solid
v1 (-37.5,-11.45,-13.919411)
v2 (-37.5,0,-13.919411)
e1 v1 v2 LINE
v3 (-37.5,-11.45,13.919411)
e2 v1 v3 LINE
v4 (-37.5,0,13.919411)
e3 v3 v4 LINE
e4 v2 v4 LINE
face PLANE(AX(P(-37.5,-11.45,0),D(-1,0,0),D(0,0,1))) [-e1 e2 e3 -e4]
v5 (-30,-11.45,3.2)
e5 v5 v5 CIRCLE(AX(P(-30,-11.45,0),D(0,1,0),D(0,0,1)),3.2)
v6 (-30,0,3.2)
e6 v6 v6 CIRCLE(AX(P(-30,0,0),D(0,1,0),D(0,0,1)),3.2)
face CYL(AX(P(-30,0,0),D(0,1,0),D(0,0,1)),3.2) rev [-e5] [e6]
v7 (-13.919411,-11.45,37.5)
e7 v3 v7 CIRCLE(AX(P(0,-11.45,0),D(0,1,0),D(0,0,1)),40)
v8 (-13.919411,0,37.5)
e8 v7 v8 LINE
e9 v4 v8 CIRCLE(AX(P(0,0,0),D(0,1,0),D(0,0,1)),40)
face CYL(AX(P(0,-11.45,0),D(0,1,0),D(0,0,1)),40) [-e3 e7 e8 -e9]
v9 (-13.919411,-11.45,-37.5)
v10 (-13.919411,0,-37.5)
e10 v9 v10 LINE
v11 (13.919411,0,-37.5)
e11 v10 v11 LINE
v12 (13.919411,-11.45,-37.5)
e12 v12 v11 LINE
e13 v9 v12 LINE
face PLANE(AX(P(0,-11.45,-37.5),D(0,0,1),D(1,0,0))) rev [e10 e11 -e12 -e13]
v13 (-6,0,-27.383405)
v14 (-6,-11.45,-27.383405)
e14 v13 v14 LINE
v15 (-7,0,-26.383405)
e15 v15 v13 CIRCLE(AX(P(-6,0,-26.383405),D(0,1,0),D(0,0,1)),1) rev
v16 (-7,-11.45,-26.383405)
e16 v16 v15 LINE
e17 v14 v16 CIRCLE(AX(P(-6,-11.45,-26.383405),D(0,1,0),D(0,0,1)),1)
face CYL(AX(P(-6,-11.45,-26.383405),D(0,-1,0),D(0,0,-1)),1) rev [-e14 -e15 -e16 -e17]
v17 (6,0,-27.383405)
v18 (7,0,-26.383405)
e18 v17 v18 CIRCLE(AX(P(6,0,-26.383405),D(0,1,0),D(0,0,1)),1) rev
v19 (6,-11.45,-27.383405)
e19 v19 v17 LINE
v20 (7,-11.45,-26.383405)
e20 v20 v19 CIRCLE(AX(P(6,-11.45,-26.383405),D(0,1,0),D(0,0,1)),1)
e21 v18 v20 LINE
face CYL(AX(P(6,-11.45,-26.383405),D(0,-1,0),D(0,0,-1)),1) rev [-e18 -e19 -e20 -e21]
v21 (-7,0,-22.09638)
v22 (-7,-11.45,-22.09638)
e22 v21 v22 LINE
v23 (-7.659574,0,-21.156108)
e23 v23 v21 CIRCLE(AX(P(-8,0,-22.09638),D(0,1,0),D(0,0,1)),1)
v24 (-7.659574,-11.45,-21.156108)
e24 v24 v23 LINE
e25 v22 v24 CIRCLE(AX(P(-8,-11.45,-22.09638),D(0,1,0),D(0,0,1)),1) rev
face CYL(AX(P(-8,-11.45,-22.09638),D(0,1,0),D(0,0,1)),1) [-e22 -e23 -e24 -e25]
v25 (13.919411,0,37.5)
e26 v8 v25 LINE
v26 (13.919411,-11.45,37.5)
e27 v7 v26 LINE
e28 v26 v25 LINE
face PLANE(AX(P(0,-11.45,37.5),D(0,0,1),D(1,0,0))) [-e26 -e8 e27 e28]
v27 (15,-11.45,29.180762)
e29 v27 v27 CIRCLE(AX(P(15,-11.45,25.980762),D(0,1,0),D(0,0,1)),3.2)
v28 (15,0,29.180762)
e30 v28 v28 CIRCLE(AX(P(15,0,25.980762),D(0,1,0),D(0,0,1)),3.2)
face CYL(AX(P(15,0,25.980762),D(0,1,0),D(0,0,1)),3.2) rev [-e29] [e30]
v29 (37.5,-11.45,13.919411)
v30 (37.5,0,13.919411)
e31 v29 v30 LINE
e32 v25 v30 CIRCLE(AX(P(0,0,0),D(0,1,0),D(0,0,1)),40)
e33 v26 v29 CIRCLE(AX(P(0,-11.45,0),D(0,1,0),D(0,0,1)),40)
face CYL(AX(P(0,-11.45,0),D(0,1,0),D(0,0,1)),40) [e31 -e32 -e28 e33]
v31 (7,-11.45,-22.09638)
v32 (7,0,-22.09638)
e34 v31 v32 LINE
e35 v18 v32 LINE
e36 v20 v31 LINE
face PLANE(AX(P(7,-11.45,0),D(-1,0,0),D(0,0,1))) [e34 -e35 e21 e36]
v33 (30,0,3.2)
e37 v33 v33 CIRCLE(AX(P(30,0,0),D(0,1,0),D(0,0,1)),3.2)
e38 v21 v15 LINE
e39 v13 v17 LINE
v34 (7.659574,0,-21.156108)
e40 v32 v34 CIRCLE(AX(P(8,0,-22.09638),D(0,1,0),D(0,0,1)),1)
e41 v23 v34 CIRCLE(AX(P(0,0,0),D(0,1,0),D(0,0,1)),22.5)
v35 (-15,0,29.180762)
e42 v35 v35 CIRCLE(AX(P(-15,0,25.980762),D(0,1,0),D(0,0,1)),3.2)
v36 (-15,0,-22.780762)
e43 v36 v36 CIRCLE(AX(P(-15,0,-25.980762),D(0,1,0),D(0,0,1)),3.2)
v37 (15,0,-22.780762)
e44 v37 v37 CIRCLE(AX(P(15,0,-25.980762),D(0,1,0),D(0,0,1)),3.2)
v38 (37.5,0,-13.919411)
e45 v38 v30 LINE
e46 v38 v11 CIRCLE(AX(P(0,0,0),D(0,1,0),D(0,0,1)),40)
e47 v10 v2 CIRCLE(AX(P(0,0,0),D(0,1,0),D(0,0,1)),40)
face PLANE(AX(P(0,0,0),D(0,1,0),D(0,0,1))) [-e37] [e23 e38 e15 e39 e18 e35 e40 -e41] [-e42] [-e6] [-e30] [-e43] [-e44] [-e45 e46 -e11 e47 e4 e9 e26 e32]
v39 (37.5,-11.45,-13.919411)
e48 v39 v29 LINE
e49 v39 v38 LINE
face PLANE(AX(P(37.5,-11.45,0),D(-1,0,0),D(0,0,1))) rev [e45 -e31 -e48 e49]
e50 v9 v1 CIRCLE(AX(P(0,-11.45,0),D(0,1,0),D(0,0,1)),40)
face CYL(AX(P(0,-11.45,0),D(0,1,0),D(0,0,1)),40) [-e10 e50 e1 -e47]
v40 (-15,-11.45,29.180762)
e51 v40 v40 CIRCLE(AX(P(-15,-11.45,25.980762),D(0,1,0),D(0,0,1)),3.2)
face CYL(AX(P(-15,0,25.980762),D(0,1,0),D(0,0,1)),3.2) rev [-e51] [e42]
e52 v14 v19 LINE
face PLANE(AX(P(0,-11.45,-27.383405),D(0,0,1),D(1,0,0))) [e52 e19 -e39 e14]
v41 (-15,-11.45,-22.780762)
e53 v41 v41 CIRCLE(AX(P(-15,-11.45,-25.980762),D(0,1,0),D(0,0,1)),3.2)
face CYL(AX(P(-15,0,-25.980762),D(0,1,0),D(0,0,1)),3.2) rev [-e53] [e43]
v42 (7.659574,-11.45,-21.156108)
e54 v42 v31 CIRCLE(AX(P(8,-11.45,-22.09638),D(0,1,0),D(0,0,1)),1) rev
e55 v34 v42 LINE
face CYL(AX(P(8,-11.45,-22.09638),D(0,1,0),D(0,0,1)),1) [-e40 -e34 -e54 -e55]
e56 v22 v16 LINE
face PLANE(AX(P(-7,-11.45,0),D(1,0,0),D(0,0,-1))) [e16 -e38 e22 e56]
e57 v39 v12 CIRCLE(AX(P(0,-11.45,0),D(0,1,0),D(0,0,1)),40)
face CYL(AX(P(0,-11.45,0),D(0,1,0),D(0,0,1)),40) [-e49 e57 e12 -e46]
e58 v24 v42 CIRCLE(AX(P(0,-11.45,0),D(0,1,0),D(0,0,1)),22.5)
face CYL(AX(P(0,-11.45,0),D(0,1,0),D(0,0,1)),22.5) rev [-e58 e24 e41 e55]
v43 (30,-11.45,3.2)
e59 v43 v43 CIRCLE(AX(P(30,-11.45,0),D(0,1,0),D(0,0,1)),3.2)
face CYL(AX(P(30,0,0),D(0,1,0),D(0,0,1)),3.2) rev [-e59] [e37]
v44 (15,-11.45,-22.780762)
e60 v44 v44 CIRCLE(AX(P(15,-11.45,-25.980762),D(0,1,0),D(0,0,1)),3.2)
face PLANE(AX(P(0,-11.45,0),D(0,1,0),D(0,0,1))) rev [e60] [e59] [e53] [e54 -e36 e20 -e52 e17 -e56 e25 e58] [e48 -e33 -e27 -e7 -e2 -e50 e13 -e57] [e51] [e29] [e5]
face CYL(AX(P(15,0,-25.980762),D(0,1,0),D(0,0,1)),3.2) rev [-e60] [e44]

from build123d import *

# Parameters (mm, degrees)
BOSS_EXTRUDE1_DEPTH  = 11.45
M6_CLEARANCE_HOLE1_D = 6.4
FILLET1_R            = 1


with BuildPart() as part:
    # Sketch1 → Boss-Extrude1 (new body)
    with BuildSketch(Plane(origin=(0, 0, 0), x_dir=(1, 0, 0), z_dir=(0, 1, 0))):
        with BuildLine():
            Line((13.919410907, 37.5), (-13.919410907, 37.5))
            ThreePointArc((-13.919410907, 37.5), (-28.284271247, 28.284271247), (-37.5, 13.919410907))
            Line((-37.5, 13.919410907), (-37.5, -13.919410907))
            ThreePointArc((-37.5, -13.919410907), (-28.284271247, -28.284271247), (-13.919410907, -37.5))
            Line((-13.919410907, -37.5), (13.919410907, -37.5))
            ThreePointArc((13.919410907, -37.5), (28.284271247, -28.284271247), (37.5, -13.919410907))
            Line((37.5, -13.919410907), (37.5, 13.919410907))
            ThreePointArc((37.5, 13.919410907), (28.284271247, 28.284271247), (13.919410907, 37.5))
        make_face()
        with BuildLine():
            ThreePointArc((22.5, 0), (-13.205112646, -18.217436702), (-7, 21.38340478))
            Line((-7, 21.38340478), (-7, 27.38340478))
            Line((-7, 27.38340478), (7, 27.38340478))
            Line((7, 27.38340478), (7, 21.38340478))
            ThreePointArc((7, 21.38340478), (18.217436702, 13.205112646), (22.5, 0))
        make_face(mode=Mode.SUBTRACT)
    extrude(amount=-BOSS_EXTRUDE1_DEPTH)

    # M6 Clearance Hole1 (through all)
    with Locations(Plane(origin=(-30, 0, 0), x_dir=(0, 0, 1), z_dir=(0, 1, 0))):
        with Locations((0, 0), (-25.980762114, 15), (-25.980762114, 45), (0, 60), (25.980762114, 45), (25.980762114, 15)):
            Hole(M6_CLEARANCE_HOLE1_D / 2)

    # Fillet1
    fillet1_edges = [part.edges().sort_by_distance(p)[0] for p in [
        (7, -5.725, -21.38340478),
        (7, -5.725, -27.38340478),
        (-7, -5.725, -27.38340478),
        (-7, -5.725, -21.38340478),
    ]]
    fillet(fillet1_edges, radius=FILLET1_R)


solid = part.part
